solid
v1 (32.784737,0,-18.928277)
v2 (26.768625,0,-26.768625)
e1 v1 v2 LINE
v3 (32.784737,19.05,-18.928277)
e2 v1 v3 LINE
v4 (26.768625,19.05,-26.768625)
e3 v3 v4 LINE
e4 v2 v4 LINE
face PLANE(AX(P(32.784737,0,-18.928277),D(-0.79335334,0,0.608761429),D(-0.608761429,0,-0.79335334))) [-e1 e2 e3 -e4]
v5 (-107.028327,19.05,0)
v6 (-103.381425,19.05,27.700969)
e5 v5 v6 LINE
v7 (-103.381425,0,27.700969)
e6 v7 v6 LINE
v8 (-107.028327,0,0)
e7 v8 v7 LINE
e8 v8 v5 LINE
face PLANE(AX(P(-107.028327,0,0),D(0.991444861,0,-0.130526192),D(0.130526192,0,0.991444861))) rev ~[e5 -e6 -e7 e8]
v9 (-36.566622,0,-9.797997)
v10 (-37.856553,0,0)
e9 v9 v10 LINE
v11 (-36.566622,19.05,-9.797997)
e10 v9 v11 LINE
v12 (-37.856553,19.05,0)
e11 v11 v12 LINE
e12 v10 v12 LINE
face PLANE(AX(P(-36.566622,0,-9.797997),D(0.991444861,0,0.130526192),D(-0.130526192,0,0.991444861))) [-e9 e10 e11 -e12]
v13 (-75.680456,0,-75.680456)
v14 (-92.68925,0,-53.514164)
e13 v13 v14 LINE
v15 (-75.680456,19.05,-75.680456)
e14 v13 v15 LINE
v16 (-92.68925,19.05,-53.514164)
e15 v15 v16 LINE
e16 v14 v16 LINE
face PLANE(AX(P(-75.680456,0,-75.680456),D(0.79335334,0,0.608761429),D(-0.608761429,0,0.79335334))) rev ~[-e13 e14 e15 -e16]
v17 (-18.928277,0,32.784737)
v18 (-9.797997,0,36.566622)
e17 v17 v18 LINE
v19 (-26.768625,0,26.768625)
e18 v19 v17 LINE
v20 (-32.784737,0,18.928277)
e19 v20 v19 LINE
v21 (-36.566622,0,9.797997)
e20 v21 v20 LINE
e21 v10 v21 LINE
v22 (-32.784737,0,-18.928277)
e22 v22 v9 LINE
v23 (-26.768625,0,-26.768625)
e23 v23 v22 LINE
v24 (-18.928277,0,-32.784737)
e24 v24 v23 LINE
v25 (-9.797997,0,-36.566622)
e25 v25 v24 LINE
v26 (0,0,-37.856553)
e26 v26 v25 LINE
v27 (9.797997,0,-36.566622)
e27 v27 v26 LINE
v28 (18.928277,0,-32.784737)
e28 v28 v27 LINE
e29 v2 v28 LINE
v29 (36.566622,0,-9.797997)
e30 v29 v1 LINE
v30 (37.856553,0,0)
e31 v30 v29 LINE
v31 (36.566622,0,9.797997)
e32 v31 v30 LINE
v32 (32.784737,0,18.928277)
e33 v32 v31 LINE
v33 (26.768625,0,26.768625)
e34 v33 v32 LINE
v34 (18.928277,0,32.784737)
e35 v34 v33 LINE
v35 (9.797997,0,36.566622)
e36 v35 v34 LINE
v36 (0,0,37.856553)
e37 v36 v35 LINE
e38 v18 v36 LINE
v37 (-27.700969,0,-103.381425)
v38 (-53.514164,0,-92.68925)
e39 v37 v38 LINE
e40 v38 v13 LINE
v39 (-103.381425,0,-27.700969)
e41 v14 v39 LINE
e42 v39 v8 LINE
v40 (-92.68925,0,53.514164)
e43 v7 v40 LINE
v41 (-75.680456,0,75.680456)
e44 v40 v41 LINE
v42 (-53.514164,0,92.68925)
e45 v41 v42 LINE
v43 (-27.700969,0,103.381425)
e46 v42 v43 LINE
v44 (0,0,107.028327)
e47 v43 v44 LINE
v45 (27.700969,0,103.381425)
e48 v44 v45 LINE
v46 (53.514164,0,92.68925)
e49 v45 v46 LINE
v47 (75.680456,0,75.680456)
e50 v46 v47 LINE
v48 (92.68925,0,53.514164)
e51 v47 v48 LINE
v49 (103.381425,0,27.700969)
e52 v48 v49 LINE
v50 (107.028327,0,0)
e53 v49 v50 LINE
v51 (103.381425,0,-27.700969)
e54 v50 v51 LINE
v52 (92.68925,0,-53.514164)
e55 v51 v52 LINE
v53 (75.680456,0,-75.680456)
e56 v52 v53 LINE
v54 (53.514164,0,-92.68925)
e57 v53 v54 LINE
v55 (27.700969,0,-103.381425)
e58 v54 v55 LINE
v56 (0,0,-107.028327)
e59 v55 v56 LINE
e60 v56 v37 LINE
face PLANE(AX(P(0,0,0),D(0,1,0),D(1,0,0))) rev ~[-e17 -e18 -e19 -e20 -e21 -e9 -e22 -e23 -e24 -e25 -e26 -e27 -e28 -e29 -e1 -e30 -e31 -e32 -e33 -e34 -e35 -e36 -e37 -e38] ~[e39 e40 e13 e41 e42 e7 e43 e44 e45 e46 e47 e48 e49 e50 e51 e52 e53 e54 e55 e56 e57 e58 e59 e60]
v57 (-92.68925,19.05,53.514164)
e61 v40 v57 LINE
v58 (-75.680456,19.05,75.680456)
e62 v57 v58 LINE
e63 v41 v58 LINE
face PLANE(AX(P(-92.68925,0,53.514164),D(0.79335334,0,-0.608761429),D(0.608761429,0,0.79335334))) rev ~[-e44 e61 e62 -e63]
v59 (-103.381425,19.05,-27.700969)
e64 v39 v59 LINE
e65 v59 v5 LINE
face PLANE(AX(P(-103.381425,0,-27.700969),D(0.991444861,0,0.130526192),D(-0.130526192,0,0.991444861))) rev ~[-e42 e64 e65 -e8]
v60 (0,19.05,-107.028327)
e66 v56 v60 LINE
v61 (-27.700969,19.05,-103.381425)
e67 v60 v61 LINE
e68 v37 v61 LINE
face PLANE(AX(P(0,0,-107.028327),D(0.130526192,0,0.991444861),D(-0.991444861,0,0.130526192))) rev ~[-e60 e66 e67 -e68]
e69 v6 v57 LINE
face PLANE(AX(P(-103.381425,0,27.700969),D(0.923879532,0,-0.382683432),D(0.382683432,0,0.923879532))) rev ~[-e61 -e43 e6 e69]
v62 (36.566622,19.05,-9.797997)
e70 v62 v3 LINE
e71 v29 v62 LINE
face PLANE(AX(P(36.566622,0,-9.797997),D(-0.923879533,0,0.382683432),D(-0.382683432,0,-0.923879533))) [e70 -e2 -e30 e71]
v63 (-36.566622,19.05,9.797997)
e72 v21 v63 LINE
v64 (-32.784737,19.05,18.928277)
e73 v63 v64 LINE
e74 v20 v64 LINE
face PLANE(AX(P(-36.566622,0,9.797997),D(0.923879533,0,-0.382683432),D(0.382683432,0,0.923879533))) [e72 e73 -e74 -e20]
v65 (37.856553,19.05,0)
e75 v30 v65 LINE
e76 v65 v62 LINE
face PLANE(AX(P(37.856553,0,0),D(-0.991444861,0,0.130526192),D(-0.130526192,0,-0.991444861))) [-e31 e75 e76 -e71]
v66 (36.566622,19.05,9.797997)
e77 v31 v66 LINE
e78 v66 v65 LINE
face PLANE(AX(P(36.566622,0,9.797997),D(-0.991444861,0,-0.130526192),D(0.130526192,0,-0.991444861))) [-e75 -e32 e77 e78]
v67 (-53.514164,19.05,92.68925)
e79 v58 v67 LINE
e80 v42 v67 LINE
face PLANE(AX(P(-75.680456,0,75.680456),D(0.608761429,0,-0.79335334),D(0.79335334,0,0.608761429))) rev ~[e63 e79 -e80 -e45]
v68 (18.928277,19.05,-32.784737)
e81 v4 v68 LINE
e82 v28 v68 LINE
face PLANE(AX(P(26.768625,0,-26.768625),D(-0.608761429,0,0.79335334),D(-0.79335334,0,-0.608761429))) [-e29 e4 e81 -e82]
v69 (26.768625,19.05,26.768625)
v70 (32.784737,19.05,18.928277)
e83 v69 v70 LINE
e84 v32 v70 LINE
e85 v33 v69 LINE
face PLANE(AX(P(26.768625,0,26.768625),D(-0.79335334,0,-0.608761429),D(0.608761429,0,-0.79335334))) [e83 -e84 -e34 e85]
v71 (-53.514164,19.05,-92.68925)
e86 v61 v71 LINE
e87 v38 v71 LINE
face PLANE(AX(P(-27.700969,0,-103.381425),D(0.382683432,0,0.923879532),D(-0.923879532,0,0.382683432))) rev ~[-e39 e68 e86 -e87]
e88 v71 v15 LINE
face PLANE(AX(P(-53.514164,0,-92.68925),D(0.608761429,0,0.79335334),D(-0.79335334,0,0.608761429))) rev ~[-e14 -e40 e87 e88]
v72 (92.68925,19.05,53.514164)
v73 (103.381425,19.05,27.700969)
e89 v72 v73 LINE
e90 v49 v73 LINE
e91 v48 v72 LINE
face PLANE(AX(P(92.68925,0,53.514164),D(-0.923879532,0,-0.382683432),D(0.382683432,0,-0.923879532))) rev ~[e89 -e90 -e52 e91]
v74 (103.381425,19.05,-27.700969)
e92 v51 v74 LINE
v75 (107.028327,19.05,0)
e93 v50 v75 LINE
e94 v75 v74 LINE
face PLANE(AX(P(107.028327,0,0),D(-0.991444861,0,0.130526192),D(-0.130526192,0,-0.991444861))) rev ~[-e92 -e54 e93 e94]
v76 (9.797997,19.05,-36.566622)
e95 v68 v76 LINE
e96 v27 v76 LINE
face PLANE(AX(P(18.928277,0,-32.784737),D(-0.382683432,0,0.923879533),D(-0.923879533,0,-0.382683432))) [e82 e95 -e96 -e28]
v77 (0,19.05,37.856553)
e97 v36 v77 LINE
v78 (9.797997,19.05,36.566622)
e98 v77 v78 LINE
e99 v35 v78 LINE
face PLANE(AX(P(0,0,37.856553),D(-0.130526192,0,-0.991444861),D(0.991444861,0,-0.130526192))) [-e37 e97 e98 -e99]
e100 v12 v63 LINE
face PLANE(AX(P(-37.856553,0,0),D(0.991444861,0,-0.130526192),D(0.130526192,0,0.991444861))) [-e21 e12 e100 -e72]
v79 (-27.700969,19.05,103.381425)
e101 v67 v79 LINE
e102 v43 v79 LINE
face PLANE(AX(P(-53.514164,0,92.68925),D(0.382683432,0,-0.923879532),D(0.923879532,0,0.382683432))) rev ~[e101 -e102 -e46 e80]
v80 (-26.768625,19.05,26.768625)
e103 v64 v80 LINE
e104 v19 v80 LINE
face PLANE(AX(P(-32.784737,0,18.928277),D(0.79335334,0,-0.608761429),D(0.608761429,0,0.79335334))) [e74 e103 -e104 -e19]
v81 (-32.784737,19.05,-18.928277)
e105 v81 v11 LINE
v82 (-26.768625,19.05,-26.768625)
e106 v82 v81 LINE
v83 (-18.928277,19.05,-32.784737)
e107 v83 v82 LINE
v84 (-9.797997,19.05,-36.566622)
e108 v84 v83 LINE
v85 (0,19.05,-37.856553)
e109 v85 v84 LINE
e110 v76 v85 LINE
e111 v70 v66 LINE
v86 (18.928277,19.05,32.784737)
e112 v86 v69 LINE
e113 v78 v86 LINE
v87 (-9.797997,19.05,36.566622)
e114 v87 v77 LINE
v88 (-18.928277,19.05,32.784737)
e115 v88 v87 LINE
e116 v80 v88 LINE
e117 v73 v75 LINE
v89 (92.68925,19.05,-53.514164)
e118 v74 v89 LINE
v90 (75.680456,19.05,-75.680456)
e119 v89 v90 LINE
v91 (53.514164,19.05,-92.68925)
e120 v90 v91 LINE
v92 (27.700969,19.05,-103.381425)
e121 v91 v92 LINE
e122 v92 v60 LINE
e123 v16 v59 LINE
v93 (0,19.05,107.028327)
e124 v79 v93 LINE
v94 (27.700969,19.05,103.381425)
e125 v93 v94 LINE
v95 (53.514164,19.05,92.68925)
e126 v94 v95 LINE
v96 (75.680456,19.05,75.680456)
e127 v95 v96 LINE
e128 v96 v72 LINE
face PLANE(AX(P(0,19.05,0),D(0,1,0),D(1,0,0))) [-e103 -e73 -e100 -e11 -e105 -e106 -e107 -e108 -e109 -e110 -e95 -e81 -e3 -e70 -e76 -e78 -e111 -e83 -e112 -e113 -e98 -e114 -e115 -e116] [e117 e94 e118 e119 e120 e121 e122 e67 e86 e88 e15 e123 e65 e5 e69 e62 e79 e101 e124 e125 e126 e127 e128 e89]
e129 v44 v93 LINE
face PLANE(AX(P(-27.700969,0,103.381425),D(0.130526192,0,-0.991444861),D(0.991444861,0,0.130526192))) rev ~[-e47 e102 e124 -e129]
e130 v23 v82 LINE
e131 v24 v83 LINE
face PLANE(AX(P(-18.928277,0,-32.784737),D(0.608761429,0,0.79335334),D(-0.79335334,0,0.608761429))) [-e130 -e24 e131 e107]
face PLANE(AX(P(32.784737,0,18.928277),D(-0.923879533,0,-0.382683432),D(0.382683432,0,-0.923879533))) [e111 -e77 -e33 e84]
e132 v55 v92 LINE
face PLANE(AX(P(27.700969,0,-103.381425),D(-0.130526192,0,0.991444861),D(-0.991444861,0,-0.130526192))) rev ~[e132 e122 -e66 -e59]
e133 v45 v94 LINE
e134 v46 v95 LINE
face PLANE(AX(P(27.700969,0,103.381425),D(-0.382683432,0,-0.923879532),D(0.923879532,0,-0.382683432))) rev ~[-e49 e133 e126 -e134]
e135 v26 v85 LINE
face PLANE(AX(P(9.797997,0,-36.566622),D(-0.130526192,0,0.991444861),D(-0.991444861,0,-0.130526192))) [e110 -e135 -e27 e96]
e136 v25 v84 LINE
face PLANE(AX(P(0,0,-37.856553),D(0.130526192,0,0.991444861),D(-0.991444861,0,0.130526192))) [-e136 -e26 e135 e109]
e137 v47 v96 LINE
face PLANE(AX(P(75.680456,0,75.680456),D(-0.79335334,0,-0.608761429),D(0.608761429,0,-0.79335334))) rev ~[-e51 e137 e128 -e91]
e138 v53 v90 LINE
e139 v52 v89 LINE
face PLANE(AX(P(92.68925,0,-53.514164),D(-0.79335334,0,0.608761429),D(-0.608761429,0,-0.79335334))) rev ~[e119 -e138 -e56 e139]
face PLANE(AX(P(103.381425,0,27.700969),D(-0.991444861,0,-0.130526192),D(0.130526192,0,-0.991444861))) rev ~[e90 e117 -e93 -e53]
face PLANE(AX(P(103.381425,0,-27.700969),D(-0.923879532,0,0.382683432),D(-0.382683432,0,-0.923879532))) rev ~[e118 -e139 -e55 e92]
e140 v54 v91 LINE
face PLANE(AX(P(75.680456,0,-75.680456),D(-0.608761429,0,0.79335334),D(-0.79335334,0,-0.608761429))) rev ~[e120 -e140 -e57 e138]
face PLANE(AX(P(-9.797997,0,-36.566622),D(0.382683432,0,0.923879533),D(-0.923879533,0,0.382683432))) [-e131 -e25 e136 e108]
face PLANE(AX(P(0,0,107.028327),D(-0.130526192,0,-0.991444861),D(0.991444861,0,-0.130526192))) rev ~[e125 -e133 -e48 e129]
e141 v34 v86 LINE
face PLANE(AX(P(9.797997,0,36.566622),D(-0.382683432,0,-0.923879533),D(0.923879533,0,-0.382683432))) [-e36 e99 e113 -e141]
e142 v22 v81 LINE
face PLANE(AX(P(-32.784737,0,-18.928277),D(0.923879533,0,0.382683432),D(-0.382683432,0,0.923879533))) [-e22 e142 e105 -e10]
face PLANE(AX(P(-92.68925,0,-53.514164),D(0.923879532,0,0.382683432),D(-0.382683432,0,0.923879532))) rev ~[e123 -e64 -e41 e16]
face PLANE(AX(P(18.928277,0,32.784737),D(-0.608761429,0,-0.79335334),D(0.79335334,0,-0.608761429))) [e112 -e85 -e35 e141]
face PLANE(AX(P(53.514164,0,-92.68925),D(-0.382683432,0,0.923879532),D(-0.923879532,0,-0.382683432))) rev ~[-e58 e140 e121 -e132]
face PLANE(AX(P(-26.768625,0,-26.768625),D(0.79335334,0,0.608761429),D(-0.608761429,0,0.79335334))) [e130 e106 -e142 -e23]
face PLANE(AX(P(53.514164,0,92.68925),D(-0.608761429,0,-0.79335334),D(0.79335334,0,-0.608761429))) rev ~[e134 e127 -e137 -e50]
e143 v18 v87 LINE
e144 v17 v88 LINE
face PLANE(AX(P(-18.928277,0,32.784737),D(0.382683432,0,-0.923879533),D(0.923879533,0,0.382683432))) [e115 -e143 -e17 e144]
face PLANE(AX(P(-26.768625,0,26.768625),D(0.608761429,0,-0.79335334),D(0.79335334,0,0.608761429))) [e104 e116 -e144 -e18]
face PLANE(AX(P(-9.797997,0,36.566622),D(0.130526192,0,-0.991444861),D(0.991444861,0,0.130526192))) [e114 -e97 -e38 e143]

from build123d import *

# Parameters (mm, degrees)
BOSS_EXTRUDE3_DEPTH = 19.05


with BuildPart() as part:
    # Sketch3 → Boss-Extrude3 (new body)
    with BuildSketch(Plane(origin=(0, 0, 0), x_dir=(1, 0, 0), z_dir=(0, 1, 0))):
        Polygon((-107.02832713, 0), (-103.38142532, -27.700969427), (-92.689250219, -53.514163565), (-75.680455893, -75.680455893), (-53.514163565, -92.689250219), (-27.700969427, -103.38142532), (0, -107.02832713), (27.700969427, -103.38142532), (53.514163565, -92.689250219), (75.680455893, -75.680455893), (92.689250219, -53.514163565), (103.38142532, -27.700969427), (107.02832713, 0), (103.38142532, 27.700969427), (92.689250219, 53.514163565), (75.680455893, 75.680455893), (53.514163565, 92.689250219), (27.700969427, 103.38142532), (0, 107.02832713), (-27.700969427, 103.38142532), (-53.514163565, 92.689250219), (-75.680455893, 75.680455893), (-92.689250219, 53.514163565), (-103.38142532, 27.700969427), align=None)
        Polygon((-37.856553014, 0), (-36.56662225, -9.797996902), (-32.78473661, -18.928276507), (-26.768625348, -26.768625348), (-18.928276507, -32.78473661), (-9.797996902, -36.56662225), (0, -37.856553014), (9.797996902, -36.56662225), (18.928276507, -32.78473661), (26.768625348, -26.768625348), (32.78473661, -18.928276507), (36.56662225, -9.797996902), (37.856553014, 0), (36.56662225, 9.797996902), (32.78473661, 18.928276507), (26.768625348, 26.768625348), (18.928276507, 32.78473661), (9.797996902, 36.56662225), (0, 37.856553014), (-9.797996902, 36.56662225), (-18.928276507, 32.78473661), (-26.768625348, 26.768625348), (-32.78473661, 18.928276507), (-36.56662225, 9.797996902), align=None, mode=Mode.SUBTRACT)
    extrude(amount=BOSS_EXTRUDE3_DEPTH)


solid = part.part
